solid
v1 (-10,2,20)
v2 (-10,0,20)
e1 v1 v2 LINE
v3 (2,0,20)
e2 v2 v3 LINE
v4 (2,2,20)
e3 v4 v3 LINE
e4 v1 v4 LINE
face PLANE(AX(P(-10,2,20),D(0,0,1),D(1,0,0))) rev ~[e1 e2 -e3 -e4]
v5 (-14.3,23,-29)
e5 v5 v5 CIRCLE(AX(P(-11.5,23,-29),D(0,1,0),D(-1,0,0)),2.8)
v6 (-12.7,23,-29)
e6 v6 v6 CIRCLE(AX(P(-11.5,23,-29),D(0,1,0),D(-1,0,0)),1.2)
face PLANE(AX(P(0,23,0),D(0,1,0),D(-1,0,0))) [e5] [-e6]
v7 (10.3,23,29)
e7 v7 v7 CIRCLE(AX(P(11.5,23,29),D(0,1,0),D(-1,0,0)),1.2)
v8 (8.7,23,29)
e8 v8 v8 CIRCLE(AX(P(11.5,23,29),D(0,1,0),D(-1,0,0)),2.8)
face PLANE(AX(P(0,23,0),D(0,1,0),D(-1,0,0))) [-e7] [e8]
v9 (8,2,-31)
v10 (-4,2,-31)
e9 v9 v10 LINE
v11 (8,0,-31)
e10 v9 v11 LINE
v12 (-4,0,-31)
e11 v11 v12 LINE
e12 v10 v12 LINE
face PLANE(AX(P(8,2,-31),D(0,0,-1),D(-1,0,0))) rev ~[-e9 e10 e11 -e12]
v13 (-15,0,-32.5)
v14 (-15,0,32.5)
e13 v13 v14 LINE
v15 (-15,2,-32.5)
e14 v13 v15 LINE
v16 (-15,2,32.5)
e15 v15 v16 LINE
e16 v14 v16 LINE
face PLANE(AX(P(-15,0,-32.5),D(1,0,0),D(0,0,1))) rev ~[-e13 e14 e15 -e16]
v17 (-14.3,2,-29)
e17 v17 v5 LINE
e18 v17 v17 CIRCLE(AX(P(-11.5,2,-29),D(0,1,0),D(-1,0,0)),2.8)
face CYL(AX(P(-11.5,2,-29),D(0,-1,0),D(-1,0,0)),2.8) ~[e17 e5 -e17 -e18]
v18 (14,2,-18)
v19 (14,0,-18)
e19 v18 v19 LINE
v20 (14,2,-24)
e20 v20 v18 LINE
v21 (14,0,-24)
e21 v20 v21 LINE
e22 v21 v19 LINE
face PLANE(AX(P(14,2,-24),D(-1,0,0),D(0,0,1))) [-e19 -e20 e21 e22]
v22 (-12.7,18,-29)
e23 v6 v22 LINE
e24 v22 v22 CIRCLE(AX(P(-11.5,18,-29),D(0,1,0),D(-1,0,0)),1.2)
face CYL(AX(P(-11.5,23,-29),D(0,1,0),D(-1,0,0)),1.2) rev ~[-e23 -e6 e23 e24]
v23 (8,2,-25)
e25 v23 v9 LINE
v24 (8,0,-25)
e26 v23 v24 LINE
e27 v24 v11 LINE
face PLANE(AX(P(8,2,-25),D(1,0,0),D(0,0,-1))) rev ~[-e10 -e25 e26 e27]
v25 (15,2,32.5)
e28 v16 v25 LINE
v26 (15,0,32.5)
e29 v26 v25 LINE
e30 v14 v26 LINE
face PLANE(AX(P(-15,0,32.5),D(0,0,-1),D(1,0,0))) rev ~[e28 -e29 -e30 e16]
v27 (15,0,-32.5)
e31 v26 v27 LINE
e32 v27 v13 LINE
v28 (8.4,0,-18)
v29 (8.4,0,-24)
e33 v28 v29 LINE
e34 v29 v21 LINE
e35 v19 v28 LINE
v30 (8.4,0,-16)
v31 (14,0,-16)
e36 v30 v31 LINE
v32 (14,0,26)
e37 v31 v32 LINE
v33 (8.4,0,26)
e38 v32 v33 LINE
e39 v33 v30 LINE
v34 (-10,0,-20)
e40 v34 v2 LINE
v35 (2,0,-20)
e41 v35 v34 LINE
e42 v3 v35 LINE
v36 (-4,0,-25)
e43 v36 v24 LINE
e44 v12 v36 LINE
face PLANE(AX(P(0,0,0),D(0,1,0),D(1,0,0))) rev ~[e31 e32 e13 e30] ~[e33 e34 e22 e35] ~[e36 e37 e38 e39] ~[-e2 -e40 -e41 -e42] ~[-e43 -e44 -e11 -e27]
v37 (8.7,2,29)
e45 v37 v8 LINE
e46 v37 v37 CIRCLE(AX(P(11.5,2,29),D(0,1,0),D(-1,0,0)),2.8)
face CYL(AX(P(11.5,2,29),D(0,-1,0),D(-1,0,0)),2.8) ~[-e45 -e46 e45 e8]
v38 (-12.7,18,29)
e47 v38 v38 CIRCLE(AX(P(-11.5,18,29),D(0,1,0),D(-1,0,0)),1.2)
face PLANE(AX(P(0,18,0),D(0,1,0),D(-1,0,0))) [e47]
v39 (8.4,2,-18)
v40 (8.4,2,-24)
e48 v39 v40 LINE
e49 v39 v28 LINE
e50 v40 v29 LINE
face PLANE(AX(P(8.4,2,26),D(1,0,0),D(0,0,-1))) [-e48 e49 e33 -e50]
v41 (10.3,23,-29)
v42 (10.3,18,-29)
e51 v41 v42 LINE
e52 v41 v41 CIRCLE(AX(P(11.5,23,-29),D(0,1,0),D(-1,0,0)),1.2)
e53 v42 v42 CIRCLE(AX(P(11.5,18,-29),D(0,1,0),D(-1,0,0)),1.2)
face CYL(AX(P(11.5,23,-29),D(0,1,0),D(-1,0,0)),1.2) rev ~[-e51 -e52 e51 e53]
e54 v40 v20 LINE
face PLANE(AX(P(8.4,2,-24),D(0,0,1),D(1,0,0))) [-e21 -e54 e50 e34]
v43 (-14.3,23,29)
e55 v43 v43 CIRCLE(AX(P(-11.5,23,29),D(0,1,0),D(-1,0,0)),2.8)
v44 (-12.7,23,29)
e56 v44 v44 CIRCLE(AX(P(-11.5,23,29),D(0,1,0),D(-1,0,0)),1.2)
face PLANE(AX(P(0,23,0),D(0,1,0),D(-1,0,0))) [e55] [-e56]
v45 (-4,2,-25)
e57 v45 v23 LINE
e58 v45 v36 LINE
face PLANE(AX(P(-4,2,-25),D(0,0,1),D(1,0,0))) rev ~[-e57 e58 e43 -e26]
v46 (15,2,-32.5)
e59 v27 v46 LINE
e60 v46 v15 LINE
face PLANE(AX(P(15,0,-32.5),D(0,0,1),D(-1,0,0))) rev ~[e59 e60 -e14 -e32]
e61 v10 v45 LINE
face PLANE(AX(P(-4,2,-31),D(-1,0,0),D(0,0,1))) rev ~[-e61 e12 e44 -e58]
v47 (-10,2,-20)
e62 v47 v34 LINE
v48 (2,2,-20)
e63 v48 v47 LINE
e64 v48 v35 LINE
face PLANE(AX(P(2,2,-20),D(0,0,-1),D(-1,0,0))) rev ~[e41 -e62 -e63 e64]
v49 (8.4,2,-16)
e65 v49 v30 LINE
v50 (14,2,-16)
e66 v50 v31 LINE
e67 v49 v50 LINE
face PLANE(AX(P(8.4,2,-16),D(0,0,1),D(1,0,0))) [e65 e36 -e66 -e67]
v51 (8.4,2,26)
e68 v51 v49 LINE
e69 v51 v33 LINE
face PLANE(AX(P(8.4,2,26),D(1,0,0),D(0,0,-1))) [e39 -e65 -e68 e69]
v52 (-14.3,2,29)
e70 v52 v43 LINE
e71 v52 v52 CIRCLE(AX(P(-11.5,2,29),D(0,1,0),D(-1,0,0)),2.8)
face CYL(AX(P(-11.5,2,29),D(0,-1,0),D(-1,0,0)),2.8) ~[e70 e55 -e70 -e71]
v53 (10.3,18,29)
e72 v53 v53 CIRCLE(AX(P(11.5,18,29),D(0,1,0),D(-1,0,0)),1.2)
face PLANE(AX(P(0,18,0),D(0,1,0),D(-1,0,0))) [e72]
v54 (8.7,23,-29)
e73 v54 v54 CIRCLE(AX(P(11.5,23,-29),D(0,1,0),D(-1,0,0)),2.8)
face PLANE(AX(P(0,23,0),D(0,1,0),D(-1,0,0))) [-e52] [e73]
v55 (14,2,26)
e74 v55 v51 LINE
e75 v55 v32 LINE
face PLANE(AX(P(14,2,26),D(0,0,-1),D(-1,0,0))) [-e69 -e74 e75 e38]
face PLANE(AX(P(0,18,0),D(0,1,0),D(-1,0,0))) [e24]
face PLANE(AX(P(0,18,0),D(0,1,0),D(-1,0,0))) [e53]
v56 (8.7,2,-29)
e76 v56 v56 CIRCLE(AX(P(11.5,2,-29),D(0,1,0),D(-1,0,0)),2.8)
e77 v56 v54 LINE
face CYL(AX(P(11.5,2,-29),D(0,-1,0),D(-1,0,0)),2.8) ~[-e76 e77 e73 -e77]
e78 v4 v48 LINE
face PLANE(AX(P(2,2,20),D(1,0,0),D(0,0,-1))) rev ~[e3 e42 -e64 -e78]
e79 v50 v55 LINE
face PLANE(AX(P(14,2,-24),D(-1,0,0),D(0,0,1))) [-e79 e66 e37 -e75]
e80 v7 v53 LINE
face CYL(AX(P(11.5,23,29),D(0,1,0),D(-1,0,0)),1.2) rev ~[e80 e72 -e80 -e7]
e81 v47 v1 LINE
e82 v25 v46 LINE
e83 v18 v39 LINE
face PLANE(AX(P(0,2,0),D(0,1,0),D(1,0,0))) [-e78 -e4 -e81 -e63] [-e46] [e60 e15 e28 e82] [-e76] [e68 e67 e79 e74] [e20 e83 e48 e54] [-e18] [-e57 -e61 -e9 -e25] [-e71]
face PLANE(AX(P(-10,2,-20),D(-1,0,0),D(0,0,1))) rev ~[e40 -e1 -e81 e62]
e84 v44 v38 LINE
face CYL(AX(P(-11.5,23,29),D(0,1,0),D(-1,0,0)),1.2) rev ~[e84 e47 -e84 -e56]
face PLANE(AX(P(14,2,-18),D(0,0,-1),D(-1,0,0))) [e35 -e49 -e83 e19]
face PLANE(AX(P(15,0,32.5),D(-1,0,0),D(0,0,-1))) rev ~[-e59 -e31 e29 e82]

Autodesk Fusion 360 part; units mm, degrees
sketch "Sketch1" plane through (0, 0, 0) normal (0, 1, 0) x (1, 0, 0)
  line L0 (15, 32.5) -> (-15, 32.5)
  line L1 (-15, 32.5) -> (-15, -32.5)
  line L2 (-15, -32.5) -> (15, -32.5)
  line L3 (15, -32.5) -> (15, 32.5)
  line L4 (15, 32.5) -> (-15, -32.5) construction
  line L5 (-15, 32.5) -> (15, -32.5) construction
  dimension "d1" = 30
  dimension "d2" = 65
extrude "Extrude1" add sketch "Sketch1" along normal blind 2
sketch "Sketch2" plane through (0, 2, 0) normal (0, 1, 0) x (-1, 0, 0)
  line L0 (-15, 32.5) -> (-15, -32.5)
  line L1 (-15, -32.5) -> (15, -32.5)
  line L2 (15, -32.5) -> (15, 32.5)
  line L3 (15, 32.5) -> (-15, 32.5)
  circle A0 centre (-11.5, -29) radius 2.8
  circle A1 centre (11.5, -29) radius 2.8
  circle A2 centre (-11.5, 29) radius 2.8
  circle A3 centre (11.5, 29) radius 2.8
  dimension "d5" = 5.6
  dimension "d6" = 3.5
  dimension "d7" = 3.5
  dimension "d8" = 5.6
  dimension "d9" = 3.5
  dimension "d10" = 3.5
  dimension "d11" = 5.6
  dimension "d12" = 3.5
  dimension "d13" = 3.5
  dimension "d14" = 5.6
  dimension "d15" = 3.5
  dimension "d16" = 3.5
extrude "Extrude2" add sketch "Sketch2" along normal blind 21 contours A0 | A1 | A2 | A3
sketch "Sketch3" plane through (0, 23, 0) normal (0, 1, 0) x (-1, 0, 0)
  circle A0 centre (-11.5, -29) radius 2.8
  circle A1 centre (-11.5, -29) radius 1.2
  circle A2 centre (11.5, -29) radius 1.2
  circle A3 centre (11.5, -29) radius 2.8
  circle A4 centre (-11.5, 29) radius 1.2
  circle A5 centre (-11.5, 29) radius 2.8
  circle A6 centre (11.5, 29) radius 1.2
  circle A7 centre (11.5, 29) radius 2.8
  dimension "d19" = 2.4
  dimension "d20" = 2.4
  dimension "d21" = 2.4
  dimension "d22" = 2.4
extrude "Extrude3" cut sketch "Sketch3" against normal blind 5 contours A1 | A2 | A4 | A6
sketch "Sketch4" plane through (0, 2, 0) normal (0, 1, 0) x (-1, 0, 0)
  circle A0 centre (11.5, -29) radius 2.8
  circle A1 centre (11.5, 29) radius 2.8
  circle A2 centre (-11.5, -29) radius 2.8
  circle A3 centre (-11.5, 29) radius 2.8
  line L0 (-15, 32.5) -> (-15, -32.5)
  line L1 (-15, -32.5) -> (15, -32.5)
  line L2 (15, -32.5) -> (15, 32.5)
  line L3 (15, 32.5) -> (-15, 32.5)
  line L4 (-14, 26) -> (-8.4, 26)
  line L5 (-8.4, 26) -> (-8.4, -24)
  line L6 (-8.4, -24) -> (-14, -24)
  line L7 (-14, -24) -> (-14, 26)
  dimension "d25" = 5.6
  dimension "d26" = 6.5
  dimension "d27" = 1
  dimension "d28" = 50
extrude "Extrude4" cut sketch "Sketch4" against normal blind 5 contours L4 L5 L6 L7
sketch "Sketch5" plane through (0, 2, 0) normal (0, 1, 0) x (-1, 0, 0)
  line L0 (-8.4, 26) -> (-8.4, -24)
  line L1 (-8.4, -24) -> (-14, -24)
  line L2 (-14, -24) -> (-14, 26)
  line L3 (-14, 26) -> (-8.4, 26)
  circle A0 centre (11.5, -29) radius 2.8
  circle A1 centre (11.5, 29) radius 2.8
  circle A2 centre (-11.5, -29) radius 2.8
  circle A3 centre (-11.5, 29) radius 2.8
  line L4 (-15, 32.5) -> (-15, -32.5)
  line L5 (-15, -32.5) -> (15, -32.5)
  line L6 (15, -32.5) -> (15, 32.5)
  line L7 (15, 32.5) -> (-15, 32.5)
  line L8 (-14, -18) -> (-8, -18)
  line L9 (-8, -18) -> (-8, -16)
  line L10 (-8, -16) -> (-14, -16)
  line L11 (-14, -16) -> (-14, -18)
  dimension "d31" = 6
  dimension "d32" = 2
extrude "Extrude5" add sketch "Sketch5" against normal blind 2 contours L0 L2 L8 L10 L11
sketch "Sketch6" plane through (0, 2, 0) normal (0, 1, 0) x (-1, 0, 0)
  line L0 (-14, -16) -> (-14, 26)
  line L1 (-14, 26) -> (-8.4, 26)
  line L2 (-8.4, 26) -> (-8.4, -16)
  line L3 (-8.4, -16) -> (-14, -16)
  line L4 (-14, -18) -> (-8.4, -18)
  line L5 (-8.4, -18) -> (-8.4, -24)
  line L6 (-8.4, -24) -> (-14, -24)
  line L7 (-14, -24) -> (-14, -18)
  circle A0 centre (11.5, -29) radius 2.8
  circle A1 centre (11.5, 29) radius 2.8
  circle A2 centre (-11.5, -29) radius 2.8
  circle A3 centre (-11.5, 29) radius 2.8
  line L8 (-15, 32.5) -> (-15, -32.5)
  line L9 (-15, -32.5) -> (15, -32.5)
  line L10 (15, -32.5) -> (15, 32.5)
  line L11 (15, 32.5) -> (-15, 32.5)
  line L12 (10, 20) -> (-2, 20)
  line L13 (-2, 20) -> (-2, -20)
  line L14 (-2, -20) -> (10, -20)
  line L15 (10, -20) -> (10, 20)
extrude "Extrude6" cut sketch "Sketch6" against normal blind 2 contours L12 L13 L14 L15
sketch "Sketch7" plane through (0, 2, 0) normal (0, 1, 0) x (-1, 0, 0)
  line L0 (-2, 20) -> (10, 20)
  line L1 (10, 20) -> (10, -20)
  line L2 (10, -20) -> (-2, -20)
  line L3 (-2, -20) -> (-2, 20)
  line L4 (-14, -16) -> (-14, 26)
  line L5 (-14, 26) -> (-8.4, 26)
  line L6 (-8.4, 26) -> (-8.4, -16)
  line L7 (-8.4, -16) -> (-14, -16)
  line L8 (-14, -18) -> (-8.4, -18)
  line L9 (-8.4, -18) -> (-8.4, -24)
  line L10 (-8.4, -24) -> (-14, -24)
  line L11 (-14, -24) -> (-14, -18)
  circle A0 centre (11.5, -29) radius 2.8
  circle A1 centre (11.5, 29) radius 2.8
  circle A2 centre (-11.5, -29) radius 2.8
  circle A3 centre (-11.5, 29) radius 2.8
  line L12 (-15, 32.5) -> (-15, -32.5)
  line L13 (-15, -32.5) -> (15, -32.5)
  line L14 (15, -32.5) -> (15, 32.5)
  line L15 (15, 32.5) -> (-15, 32.5)
  line L16 (-8, -31) -> (4, -31)
  line L17 (4, -31) -> (4, -25)
  line L18 (4, -25) -> (-8, -25)
  line L19 (-8, -25) -> (-8, -31)
extrude "Extrude7" cut sketch "Sketch7" against normal blind 2 contours L16 L17 L18 L19
